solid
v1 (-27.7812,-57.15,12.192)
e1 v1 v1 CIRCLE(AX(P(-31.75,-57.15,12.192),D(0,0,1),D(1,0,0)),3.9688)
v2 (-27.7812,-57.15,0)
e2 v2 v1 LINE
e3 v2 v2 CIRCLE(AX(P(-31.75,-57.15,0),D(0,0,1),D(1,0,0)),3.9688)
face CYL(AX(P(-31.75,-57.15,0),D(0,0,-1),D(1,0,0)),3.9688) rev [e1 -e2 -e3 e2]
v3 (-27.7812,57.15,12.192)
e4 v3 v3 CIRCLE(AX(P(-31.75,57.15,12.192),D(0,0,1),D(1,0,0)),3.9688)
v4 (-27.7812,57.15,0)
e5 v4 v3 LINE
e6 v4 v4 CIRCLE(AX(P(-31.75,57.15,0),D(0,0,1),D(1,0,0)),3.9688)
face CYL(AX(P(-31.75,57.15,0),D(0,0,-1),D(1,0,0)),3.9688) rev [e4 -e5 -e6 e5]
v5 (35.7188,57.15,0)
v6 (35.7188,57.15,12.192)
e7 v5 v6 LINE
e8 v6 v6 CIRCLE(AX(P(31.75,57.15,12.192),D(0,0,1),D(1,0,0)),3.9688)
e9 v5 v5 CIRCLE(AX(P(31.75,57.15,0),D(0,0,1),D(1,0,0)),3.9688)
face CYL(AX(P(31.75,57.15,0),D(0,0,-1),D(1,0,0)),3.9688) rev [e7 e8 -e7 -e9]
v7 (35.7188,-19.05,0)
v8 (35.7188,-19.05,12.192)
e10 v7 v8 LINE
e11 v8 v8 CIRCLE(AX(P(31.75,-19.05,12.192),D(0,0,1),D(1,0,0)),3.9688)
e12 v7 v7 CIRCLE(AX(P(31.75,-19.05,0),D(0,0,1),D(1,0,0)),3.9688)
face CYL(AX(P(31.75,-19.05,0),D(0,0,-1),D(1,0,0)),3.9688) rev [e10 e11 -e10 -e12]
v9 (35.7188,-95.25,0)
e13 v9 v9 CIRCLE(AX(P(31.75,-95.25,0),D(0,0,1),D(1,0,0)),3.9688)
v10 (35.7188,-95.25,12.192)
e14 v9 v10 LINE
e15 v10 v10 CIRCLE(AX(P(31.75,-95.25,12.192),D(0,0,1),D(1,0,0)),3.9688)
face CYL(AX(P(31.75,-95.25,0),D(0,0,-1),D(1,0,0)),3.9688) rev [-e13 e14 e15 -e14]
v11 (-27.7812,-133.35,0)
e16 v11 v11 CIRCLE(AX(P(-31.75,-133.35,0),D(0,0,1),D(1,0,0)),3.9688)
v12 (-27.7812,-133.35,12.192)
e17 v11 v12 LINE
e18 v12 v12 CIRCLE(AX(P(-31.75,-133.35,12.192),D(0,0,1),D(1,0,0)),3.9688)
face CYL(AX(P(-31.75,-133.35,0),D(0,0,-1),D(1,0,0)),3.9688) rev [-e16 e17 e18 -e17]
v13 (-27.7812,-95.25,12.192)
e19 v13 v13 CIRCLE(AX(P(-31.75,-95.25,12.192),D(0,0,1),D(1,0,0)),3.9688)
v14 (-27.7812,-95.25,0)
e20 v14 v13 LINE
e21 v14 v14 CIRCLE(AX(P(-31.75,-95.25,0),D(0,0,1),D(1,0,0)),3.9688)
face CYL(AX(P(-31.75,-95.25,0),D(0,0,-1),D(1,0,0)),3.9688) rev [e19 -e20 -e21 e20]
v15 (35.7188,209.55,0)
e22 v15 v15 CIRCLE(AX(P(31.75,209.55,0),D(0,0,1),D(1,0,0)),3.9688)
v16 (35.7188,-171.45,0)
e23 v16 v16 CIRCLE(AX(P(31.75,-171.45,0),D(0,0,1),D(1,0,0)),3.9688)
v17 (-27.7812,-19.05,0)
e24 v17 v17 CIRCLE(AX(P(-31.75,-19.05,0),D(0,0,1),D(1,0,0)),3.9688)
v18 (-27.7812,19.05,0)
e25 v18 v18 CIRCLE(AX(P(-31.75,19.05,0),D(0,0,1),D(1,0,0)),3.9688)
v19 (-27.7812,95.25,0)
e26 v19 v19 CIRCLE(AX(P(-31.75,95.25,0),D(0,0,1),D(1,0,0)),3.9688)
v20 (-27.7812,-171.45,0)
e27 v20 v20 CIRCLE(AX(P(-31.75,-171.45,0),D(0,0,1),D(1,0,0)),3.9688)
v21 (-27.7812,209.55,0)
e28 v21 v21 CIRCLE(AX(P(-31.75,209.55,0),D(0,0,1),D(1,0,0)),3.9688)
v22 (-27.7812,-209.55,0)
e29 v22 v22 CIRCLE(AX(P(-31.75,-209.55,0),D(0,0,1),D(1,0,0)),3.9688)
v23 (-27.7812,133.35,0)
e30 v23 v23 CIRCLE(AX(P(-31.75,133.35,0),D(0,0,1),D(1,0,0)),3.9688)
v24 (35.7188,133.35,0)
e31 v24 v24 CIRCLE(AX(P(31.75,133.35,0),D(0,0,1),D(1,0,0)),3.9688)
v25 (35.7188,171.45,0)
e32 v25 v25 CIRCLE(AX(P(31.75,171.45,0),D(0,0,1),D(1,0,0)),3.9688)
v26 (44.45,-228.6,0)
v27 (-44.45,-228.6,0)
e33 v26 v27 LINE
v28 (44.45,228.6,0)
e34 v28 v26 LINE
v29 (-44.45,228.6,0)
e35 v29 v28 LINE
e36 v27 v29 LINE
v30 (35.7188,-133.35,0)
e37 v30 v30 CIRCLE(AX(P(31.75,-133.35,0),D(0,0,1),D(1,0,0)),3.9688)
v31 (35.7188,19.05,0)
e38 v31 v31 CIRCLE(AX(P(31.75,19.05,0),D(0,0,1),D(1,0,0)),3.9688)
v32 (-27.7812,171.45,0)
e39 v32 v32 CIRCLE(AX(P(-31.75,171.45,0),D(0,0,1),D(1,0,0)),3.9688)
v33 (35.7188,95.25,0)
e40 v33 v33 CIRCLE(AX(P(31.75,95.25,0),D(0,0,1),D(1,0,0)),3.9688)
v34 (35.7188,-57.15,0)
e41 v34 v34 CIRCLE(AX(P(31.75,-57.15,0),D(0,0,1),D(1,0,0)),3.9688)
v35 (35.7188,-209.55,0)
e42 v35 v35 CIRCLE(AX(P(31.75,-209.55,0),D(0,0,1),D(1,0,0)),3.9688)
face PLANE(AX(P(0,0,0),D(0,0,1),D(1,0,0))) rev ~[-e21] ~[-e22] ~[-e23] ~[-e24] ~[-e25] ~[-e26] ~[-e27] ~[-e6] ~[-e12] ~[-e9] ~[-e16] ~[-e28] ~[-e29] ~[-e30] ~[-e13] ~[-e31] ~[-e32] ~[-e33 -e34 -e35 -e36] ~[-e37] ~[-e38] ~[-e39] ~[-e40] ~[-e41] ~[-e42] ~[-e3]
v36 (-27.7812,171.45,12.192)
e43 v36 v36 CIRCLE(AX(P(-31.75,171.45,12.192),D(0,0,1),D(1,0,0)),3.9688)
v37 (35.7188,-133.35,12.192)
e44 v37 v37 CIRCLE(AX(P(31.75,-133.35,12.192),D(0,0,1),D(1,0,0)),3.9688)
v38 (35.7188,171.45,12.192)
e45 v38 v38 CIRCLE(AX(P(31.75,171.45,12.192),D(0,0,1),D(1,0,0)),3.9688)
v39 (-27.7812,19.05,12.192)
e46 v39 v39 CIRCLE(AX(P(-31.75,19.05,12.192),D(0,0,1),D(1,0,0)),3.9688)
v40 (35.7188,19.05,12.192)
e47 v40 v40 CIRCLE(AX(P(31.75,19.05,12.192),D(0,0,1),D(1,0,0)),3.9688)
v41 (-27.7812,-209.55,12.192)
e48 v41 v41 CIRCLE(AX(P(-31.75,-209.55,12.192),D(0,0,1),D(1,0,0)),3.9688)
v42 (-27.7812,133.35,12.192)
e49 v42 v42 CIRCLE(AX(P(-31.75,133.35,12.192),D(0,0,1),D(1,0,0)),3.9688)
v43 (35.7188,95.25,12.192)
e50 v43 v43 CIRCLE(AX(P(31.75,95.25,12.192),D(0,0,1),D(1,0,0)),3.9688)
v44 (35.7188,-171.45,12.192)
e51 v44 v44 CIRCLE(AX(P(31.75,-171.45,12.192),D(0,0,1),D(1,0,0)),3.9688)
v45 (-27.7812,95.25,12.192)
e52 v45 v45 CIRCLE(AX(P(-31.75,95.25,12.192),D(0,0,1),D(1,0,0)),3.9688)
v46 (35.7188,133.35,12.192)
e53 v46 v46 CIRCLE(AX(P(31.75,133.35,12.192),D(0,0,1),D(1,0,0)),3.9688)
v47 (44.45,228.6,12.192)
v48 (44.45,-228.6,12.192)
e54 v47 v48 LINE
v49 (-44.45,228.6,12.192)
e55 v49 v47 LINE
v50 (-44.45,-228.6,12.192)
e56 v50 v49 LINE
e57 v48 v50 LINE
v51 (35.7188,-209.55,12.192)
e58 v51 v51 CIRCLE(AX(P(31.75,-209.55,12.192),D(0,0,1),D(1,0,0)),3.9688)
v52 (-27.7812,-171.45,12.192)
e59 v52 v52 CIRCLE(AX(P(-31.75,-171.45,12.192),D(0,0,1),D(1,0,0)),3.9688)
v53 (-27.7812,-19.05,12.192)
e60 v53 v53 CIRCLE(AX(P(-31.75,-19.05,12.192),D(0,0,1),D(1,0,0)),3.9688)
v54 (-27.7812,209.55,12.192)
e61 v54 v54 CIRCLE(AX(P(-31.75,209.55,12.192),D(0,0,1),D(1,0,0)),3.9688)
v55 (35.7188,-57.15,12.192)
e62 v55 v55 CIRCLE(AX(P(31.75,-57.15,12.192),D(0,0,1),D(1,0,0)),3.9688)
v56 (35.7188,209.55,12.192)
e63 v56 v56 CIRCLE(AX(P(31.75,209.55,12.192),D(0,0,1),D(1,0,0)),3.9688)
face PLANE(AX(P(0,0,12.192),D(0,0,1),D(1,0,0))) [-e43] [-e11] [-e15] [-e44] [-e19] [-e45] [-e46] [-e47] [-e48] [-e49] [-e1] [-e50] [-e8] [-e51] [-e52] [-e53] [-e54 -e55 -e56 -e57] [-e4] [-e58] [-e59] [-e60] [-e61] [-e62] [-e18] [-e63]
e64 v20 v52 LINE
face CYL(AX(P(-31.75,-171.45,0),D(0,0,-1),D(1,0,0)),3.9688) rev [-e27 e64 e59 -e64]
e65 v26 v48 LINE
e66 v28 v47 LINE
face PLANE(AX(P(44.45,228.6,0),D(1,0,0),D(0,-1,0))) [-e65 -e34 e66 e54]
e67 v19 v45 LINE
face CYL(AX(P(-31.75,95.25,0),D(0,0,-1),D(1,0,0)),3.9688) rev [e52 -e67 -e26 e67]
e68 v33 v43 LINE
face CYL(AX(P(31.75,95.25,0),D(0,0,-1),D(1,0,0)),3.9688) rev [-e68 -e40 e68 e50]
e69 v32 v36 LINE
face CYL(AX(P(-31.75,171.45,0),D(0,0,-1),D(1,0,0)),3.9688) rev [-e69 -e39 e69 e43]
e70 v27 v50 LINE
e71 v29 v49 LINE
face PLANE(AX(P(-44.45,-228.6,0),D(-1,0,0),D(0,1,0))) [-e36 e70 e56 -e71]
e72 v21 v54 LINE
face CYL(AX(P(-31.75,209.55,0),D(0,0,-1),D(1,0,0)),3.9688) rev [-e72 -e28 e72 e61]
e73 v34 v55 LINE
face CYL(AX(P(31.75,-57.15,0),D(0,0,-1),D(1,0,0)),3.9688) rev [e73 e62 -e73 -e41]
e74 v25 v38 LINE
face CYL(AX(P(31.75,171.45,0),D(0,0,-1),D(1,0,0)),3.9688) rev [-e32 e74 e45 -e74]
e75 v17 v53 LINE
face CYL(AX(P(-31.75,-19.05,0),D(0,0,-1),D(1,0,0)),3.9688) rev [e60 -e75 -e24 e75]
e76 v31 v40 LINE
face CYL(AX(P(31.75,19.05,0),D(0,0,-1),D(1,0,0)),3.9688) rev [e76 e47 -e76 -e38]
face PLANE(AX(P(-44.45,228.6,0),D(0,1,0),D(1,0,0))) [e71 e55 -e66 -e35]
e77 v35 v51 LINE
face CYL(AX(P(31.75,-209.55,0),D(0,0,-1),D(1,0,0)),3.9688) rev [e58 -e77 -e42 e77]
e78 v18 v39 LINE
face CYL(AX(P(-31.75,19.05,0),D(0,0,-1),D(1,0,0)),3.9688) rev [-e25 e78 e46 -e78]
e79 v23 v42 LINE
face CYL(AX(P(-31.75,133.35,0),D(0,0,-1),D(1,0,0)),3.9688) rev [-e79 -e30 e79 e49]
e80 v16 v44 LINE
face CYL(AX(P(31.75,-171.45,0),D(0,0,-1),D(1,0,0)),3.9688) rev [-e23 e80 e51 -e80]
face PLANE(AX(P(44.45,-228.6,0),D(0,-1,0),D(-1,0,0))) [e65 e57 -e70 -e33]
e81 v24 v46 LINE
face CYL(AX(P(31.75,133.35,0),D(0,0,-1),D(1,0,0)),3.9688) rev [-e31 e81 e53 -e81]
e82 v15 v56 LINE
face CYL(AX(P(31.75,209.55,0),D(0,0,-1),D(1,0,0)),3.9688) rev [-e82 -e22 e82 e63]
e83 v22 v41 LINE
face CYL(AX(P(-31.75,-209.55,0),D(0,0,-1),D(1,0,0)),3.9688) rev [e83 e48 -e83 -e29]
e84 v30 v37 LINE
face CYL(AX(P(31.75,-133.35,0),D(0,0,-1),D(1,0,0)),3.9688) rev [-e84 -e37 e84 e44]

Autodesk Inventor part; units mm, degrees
ref_plane "YZ Plane" through (0, 0, 0) normal (1, 0, 0) x (0, 1, 0)
ref_plane "XZ Plane" through (0, 0, 0) normal (0, 1, 0) x (-1, 0, 0)
ref_plane "XY Plane" through (0, 0, 0) normal (0, 0, 1) x (1, 0, 0)
sketch "Sketch1" plane through (0, 0, 0) normal (0, 0, 1) x (1, 0, 0)
  line L0 (44.45, -228.6) -> (-44.45, -228.6)
  line L1 (-44.45, -228.6) -> (-44.45, 228.6)
  line L2 (-44.45, 228.6) -> (44.45, 228.6)
  line L3 (44.45, 228.6) -> (44.45, -228.6)
  line L4 (44.45, -228.6) -> (-44.45, 228.6) construction
  line L5 (-44.45, -228.6) -> (44.45, 228.6) construction
  line L6 (0, 60.7039) -> (0, -84.4127)
  circle A0 centre (-31.75, -209.55) radius 3.9688
  circle A1 centre (31.75, -209.55) radius 3.9688
  circle A2 centre (-31.75, -171.45) radius 3.9688
  circle A3 centre (31.75, -171.45) radius 3.9688
  circle A4 centre (-31.75, -133.35) radius 3.9688
  circle A5 centre (31.75, -133.35) radius 3.9688
  circle A6 centre (-31.75, -95.25) radius 3.9688
  circle A7 centre (31.75, -95.25) radius 3.9688
  circle A8 centre (-31.75, -57.15) radius 3.9688
  circle A9 centre (31.75, -57.15) radius 3.9688
  circle A10 centre (-31.75, -19.05) radius 3.9688
  circle A11 centre (31.75, -19.05) radius 3.9688
  circle A12 centre (-31.75, 19.05) radius 3.9688
  circle A13 centre (31.75, 19.05) radius 3.9688
  circle A14 centre (-31.75, 57.15) radius 3.9688
  circle A15 centre (31.75, 57.15) radius 3.9688
  circle A16 centre (-31.75, 95.25) radius 3.9688
  circle A17 centre (31.75, 95.25) radius 3.9688
  circle A18 centre (-31.75, 133.35) radius 3.9688
  circle A19 centre (31.75, 133.35) radius 3.9688
  circle A20 centre (-31.75, 171.45) radius 3.9688
  circle A21 centre (31.75, 171.45) radius 3.9688
  circle A22 centre (-31.75, 209.55) radius 3.9688
  circle A23 centre (31.75, 209.55) radius 3.9688
  point P0 (0, 0)
  dimension "d0" = 457.2
  dimension "d1" = 88.9
  dimension "d2" = 7.9375
  dimension "d3" = 19.05
  dimension "d4" = 12.7
  dimension "d5" = 12.7
  dimension "d8" = 38.1
extrude "Extrusion1" add sketch "Sketch1" along normal blind 12.192
thread "Thread13" size "5/16-18 UNC" class "2B" standard "ANSI Unified Screw Threads" full length
thread "Thread14" size "5/16-18 UNC" class "2B" standard "ANSI Unified Screw Threads" full length
thread "Thread15" size "5/16-18 UNC" class "2B" standard "ANSI Unified Screw Threads" full length
thread "Thread16" size "5/16-18 UNC" class "2B" standard "ANSI Unified Screw Threads" full length
thread "Thread17" size "5/16-18 UNC" class "2B" standard "ANSI Unified Screw Threads" full length
thread "Thread18" size "5/16-18 UNC" class "2B" standard "ANSI Unified Screw Threads" full length
thread "Thread19" size "5/16-18 UNC" class "2B" standard "ANSI Unified Screw Threads" full length
thread "Thread20" size "5/16-18 UNC" class "2B" standard "ANSI Unified Screw Threads" full length
thread "Thread21" size "5/16-18 UNC" class "2B" standard "ANSI Unified Screw Threads" full length
thread "Thread22" size "5/16-18 UNC" class "2B" standard "ANSI Unified Screw Threads" full length
thread "Thread23" size "5/16-18 UNC" class "2B" standard "ANSI Unified Screw Threads" full length
thread "Thread24" size "5/16-18 UNC" class "2B" standard "ANSI Unified Screw Threads" full length
thread "Thread25" size "5/16-18 UNC" class "2B" standard "ANSI Unified Screw Threads" full length
thread "Thread26" size "5/16-18 UNC" class "2B" standard "ANSI Unified Screw Threads" full length
thread "Thread27" size "5/16-18 UNC" class "2B" standard "ANSI Unified Screw Threads" full length
thread "Thread28" size "5/16-18 UNC" class "2B" standard "ANSI Unified Screw Threads" full length
thread "Thread29" size "5/16-18 UNC" class "2B" standard "ANSI Unified Screw Threads" full length
thread "Thread30" size "5/16-18 UNC" class "2B" standard "ANSI Unified Screw Threads" full length
thread "Thread31" size "5/16-18 UNC" class "2B" standard "ANSI Unified Screw Threads" full length
thread "Thread32" size "5/16-18 UNC" class "2B" standard "ANSI Unified Screw Threads" full length
thread "Thread33" size "5/16-18 UNC" class "2B" standard "ANSI Unified Screw Threads" full length
thread "Thread34" size "5/16-18 UNC" class "2B" standard "ANSI Unified Screw Threads" full length
thread "Thread35" size "5/16-18 UNC" class "2B" standard "ANSI Unified Screw Threads" full length
thread "Thread36" size "5/16-18 UNC" class "2B" standard "ANSI Unified Screw Threads" full length
properties part number "Base_plate"
